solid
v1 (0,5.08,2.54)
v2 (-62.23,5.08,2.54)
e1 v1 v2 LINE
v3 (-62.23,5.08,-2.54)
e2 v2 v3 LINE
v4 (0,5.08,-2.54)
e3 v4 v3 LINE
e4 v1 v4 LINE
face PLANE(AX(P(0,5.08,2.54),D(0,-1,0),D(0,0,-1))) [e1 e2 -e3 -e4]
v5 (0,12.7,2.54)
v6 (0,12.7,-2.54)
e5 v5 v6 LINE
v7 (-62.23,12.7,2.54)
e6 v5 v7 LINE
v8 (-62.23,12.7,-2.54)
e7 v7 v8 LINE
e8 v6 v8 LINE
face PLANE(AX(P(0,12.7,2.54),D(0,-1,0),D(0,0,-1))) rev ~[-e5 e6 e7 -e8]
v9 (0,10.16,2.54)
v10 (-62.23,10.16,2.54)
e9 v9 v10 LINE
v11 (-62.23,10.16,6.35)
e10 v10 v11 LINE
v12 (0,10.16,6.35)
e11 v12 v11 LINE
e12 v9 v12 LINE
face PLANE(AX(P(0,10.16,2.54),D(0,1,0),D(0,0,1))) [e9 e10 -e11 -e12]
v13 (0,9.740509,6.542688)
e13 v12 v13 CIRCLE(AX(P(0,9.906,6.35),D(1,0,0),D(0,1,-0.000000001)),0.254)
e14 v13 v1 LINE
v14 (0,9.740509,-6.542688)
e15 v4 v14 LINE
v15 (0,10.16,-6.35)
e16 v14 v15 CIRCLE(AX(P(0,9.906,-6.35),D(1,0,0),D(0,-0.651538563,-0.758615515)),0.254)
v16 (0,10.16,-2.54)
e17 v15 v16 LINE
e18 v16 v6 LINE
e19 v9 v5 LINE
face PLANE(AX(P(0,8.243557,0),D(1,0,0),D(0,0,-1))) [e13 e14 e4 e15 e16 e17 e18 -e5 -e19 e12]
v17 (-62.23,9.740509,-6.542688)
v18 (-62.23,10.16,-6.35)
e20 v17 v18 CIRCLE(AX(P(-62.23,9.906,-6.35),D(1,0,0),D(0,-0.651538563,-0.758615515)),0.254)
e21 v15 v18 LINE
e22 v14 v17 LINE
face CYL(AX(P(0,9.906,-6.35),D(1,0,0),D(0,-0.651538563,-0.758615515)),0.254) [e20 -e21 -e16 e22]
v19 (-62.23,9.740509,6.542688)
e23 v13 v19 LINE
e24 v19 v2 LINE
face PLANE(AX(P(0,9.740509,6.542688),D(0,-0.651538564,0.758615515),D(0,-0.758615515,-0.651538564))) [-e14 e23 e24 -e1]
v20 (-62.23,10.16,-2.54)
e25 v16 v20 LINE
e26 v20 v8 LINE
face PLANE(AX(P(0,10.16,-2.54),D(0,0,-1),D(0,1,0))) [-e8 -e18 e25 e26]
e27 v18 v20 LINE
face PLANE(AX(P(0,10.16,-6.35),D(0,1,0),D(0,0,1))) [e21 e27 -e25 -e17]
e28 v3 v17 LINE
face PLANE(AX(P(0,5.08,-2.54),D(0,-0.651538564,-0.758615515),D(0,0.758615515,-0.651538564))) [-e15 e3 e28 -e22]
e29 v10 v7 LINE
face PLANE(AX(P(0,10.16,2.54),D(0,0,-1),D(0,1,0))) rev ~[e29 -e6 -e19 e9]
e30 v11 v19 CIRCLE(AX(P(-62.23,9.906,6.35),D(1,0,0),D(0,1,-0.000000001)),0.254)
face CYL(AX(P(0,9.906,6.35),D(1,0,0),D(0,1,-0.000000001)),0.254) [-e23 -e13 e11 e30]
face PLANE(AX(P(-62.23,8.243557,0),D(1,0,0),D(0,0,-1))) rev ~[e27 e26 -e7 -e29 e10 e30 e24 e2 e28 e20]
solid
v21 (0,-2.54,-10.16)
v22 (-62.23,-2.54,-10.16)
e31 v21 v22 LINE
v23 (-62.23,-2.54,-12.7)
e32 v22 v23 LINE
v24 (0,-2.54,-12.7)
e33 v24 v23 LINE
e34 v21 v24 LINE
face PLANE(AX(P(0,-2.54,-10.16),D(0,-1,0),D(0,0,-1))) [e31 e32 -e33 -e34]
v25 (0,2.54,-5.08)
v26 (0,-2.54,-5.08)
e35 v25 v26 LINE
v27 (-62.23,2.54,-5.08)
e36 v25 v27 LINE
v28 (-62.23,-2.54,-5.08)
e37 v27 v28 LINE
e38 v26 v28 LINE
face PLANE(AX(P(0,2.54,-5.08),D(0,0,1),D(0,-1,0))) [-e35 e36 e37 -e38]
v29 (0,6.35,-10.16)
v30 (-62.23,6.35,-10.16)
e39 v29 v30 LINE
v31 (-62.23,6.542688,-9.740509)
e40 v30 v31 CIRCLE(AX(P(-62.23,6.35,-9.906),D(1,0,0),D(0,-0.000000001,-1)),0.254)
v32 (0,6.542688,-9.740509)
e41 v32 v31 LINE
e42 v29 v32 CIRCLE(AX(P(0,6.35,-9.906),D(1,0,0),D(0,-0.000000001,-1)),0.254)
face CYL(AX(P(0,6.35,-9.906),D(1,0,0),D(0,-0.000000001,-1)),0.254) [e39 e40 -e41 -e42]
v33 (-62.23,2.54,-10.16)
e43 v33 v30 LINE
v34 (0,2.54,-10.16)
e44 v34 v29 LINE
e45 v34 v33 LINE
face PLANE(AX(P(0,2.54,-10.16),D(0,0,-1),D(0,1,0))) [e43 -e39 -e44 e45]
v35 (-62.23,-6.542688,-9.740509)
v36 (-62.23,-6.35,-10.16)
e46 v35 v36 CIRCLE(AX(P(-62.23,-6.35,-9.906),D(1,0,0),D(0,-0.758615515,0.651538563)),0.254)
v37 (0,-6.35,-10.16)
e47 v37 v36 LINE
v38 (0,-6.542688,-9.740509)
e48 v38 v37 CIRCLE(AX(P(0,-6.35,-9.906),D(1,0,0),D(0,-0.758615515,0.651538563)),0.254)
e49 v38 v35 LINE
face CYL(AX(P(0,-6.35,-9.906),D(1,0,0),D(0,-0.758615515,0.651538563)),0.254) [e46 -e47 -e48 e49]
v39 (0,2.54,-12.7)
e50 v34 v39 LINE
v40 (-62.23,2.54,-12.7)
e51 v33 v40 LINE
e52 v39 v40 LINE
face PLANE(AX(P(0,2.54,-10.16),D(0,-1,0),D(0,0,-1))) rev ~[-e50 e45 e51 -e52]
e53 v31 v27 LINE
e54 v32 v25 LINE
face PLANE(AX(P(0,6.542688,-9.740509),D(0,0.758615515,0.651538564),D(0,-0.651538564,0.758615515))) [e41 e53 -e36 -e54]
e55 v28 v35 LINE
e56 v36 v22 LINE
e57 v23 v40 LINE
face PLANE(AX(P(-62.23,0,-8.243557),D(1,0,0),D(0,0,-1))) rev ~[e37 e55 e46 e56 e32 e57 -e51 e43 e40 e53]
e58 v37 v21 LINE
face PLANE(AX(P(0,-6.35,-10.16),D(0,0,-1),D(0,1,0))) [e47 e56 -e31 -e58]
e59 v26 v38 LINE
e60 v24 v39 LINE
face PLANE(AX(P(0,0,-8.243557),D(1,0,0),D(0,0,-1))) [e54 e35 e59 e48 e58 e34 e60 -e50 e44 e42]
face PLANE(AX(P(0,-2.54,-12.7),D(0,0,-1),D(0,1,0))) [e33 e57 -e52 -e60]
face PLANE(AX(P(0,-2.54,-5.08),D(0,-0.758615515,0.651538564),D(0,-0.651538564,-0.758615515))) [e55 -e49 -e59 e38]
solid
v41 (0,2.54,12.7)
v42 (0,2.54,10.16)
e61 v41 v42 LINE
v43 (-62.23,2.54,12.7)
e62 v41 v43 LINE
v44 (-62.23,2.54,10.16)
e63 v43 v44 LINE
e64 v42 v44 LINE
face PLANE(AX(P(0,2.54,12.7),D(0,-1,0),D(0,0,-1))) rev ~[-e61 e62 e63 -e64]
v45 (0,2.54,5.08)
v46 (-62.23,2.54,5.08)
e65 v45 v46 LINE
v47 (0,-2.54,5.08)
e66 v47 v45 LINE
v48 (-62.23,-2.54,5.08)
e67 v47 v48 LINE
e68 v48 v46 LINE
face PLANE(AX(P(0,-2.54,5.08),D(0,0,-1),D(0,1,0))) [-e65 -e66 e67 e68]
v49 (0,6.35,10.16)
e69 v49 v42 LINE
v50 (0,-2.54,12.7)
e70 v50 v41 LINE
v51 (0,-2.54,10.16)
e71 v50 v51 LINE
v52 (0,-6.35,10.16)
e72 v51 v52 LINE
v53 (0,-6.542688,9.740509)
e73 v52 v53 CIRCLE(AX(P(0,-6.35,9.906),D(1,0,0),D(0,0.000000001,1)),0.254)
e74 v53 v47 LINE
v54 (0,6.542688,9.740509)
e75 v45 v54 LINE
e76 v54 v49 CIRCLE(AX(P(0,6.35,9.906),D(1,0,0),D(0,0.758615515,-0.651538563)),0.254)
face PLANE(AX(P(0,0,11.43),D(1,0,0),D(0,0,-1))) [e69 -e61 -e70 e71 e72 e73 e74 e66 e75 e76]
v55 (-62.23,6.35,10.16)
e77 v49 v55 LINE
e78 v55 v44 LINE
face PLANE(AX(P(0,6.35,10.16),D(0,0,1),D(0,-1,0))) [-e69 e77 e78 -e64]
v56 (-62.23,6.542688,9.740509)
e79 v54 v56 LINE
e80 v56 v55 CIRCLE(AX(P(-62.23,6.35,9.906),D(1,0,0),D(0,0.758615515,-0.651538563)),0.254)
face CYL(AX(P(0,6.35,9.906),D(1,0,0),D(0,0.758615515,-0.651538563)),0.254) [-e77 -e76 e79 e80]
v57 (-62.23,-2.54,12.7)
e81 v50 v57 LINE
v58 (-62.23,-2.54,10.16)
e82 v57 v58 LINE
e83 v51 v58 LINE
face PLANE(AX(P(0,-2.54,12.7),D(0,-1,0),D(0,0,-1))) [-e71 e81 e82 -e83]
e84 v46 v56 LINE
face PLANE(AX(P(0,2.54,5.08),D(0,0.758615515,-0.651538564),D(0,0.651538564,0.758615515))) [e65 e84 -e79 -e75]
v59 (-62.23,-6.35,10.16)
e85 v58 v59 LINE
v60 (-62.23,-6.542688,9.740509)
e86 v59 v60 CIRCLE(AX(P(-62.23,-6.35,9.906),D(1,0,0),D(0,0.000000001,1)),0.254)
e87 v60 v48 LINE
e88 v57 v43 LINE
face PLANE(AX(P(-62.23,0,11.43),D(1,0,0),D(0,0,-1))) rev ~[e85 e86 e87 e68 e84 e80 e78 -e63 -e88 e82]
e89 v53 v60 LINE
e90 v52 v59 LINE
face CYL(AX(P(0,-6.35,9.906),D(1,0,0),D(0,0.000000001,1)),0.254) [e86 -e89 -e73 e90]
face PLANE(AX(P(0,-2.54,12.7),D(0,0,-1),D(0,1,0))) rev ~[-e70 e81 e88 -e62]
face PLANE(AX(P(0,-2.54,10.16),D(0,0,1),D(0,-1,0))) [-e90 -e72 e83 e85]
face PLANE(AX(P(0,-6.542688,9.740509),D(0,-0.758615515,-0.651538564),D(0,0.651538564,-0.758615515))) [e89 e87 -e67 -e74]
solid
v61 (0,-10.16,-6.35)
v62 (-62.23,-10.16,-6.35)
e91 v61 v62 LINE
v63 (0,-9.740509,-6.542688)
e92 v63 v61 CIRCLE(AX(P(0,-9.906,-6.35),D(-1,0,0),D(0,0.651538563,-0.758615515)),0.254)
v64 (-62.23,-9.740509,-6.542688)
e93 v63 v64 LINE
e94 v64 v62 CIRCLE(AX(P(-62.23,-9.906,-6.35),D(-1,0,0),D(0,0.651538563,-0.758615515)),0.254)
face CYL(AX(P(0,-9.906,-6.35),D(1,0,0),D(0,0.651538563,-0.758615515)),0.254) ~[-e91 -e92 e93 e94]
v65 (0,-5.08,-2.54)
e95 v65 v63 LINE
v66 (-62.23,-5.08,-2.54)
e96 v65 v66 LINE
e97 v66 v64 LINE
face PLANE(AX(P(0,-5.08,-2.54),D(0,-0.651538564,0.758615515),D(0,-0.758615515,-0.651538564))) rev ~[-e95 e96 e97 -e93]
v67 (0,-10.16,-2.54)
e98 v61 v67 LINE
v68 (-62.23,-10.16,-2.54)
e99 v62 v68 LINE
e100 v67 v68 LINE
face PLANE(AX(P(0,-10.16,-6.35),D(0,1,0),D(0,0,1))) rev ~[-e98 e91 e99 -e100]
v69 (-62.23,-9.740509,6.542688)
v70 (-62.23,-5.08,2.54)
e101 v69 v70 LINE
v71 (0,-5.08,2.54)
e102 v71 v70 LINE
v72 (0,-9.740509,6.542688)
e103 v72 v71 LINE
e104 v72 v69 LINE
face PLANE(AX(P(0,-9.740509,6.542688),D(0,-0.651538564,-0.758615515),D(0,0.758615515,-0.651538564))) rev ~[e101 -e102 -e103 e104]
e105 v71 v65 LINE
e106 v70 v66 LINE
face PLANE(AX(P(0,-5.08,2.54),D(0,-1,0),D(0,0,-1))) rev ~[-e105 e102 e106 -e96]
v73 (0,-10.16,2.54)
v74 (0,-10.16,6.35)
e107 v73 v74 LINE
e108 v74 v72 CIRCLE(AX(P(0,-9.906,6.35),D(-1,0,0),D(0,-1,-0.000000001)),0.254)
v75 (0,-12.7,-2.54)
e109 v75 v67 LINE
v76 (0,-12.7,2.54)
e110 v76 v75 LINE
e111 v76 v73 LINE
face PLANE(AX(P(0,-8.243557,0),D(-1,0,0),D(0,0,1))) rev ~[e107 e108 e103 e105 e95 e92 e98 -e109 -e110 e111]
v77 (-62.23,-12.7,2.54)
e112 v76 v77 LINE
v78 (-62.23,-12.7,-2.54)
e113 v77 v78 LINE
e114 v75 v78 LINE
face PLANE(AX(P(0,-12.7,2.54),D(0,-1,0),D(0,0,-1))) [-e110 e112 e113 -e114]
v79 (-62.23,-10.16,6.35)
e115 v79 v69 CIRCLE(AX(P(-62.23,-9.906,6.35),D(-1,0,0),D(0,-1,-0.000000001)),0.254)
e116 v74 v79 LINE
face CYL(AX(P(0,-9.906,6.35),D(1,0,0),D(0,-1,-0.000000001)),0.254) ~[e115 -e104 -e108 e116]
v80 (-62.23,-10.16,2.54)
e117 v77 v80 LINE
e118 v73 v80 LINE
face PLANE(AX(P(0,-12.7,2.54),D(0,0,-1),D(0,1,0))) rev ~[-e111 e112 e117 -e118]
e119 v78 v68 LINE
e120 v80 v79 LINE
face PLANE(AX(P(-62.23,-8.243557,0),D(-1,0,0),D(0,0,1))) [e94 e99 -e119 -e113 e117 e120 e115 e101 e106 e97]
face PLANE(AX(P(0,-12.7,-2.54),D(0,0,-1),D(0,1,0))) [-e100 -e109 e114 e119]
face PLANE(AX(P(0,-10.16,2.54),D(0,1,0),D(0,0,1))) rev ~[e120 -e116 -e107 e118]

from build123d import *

# Parameters (mm, degrees)
SKETCH10_W          = 2.54
SKETCH10_H          = 5.08
SKETCH10_W_2        = 5.08
SKETCH10_H_2        = 2.54
BOSS_EXTRUDE3_DEPTH = 62.23


with BuildPart() as part:
    # Sketch10 → Boss-Extrude3 (new body)
    with BuildSketch(Plane(origin=(0, 0, 0), x_dir=(0, 0, -1), z_dir=(1, 0, 0))):
        with Locations((-11.43, 0)):
            Rectangle(SKETCH10_W, SKETCH10_H)
        with BuildLine():
            Line((-5.08, 2.54), (-9.740509205, 6.542688341))
            ThreePointArc((-9.740509205, 6.542688341), (-10.012022021, 6.580814495), (-10.16, 6.35))
            Line((-10.16, 6.35), (-10.16, -6.35))
            ThreePointArc((-10.16, -6.35), (-10.012022021, -6.580814495), (-9.740509205, -6.542688341))
            Line((-9.740509205, -6.542688341), (-5.08, -2.54))
            Line((-5.08, -2.54), (-5.08, 2.54))
        make_face()
        with BuildLine():
            Line((6.35, 10.16), (-6.35, 10.16))
            ThreePointArc((-6.35, 10.16), (-6.580814495, 10.012022021), (-6.542688341, 9.740509205))
            Line((-6.542688341, 9.740509205), (-2.54, 5.08))
            Line((-2.54, 5.08), (2.54, 5.08))
            Line((2.54, 5.08), (6.542688341, 9.740509205))
            ThreePointArc((6.542688341, 9.740509205), (6.580814495, 10.012022021), (6.35, 10.16))
        make_face()
        with Locations((0, 11.43)):
            Rectangle(SKETCH10_W_2, SKETCH10_H_2)
        with BuildLine():
            ThreePointArc((6.542688341, -9.740509205), (6.580814495, -10.012022021), (6.35, -10.16))
            Line((6.35, -10.16), (-6.35, -10.16))
            ThreePointArc((-6.35, -10.16), (-6.580814495, -10.012022021), (-6.542688341, -9.740509205))
            Line((-6.542688341, -9.740509205), (-2.54, -5.08))
            Line((-2.54, -5.08), (2.54, -5.08))
            Line((2.54, -5.08), (6.542688341, -9.740509205))
        make_face()
        with Locations((0, -11.43)):
            Rectangle(SKETCH10_W_2, SKETCH10_H_2)
        with BuildLine():
            Line((5.08, 2.54), (5.08, -2.54))
            Line((5.08, -2.54), (9.740509205, -6.542688341))
            ThreePointArc((9.740509205, -6.542688341), (10.012022021, -6.580814495), (10.16, -6.35))
            Line((10.16, -6.35), (10.16, -2.54))
            Line((10.16, -2.54), (10.16, 2.54))
            Line((10.16, 2.54), (10.16, 6.35))
            ThreePointArc((10.16, 6.35), (10.012022021, 6.580814495), (9.740509205, 6.542688341))
            Line((9.740509205, 6.542688341), (5.08, 2.54))
        make_face()
        with Locations((11.43, 0)):
            Rectangle(SKETCH10_W, SKETCH10_H)
    extrude(amount=-BOSS_EXTRUDE3_DEPTH)


solid = part.part
